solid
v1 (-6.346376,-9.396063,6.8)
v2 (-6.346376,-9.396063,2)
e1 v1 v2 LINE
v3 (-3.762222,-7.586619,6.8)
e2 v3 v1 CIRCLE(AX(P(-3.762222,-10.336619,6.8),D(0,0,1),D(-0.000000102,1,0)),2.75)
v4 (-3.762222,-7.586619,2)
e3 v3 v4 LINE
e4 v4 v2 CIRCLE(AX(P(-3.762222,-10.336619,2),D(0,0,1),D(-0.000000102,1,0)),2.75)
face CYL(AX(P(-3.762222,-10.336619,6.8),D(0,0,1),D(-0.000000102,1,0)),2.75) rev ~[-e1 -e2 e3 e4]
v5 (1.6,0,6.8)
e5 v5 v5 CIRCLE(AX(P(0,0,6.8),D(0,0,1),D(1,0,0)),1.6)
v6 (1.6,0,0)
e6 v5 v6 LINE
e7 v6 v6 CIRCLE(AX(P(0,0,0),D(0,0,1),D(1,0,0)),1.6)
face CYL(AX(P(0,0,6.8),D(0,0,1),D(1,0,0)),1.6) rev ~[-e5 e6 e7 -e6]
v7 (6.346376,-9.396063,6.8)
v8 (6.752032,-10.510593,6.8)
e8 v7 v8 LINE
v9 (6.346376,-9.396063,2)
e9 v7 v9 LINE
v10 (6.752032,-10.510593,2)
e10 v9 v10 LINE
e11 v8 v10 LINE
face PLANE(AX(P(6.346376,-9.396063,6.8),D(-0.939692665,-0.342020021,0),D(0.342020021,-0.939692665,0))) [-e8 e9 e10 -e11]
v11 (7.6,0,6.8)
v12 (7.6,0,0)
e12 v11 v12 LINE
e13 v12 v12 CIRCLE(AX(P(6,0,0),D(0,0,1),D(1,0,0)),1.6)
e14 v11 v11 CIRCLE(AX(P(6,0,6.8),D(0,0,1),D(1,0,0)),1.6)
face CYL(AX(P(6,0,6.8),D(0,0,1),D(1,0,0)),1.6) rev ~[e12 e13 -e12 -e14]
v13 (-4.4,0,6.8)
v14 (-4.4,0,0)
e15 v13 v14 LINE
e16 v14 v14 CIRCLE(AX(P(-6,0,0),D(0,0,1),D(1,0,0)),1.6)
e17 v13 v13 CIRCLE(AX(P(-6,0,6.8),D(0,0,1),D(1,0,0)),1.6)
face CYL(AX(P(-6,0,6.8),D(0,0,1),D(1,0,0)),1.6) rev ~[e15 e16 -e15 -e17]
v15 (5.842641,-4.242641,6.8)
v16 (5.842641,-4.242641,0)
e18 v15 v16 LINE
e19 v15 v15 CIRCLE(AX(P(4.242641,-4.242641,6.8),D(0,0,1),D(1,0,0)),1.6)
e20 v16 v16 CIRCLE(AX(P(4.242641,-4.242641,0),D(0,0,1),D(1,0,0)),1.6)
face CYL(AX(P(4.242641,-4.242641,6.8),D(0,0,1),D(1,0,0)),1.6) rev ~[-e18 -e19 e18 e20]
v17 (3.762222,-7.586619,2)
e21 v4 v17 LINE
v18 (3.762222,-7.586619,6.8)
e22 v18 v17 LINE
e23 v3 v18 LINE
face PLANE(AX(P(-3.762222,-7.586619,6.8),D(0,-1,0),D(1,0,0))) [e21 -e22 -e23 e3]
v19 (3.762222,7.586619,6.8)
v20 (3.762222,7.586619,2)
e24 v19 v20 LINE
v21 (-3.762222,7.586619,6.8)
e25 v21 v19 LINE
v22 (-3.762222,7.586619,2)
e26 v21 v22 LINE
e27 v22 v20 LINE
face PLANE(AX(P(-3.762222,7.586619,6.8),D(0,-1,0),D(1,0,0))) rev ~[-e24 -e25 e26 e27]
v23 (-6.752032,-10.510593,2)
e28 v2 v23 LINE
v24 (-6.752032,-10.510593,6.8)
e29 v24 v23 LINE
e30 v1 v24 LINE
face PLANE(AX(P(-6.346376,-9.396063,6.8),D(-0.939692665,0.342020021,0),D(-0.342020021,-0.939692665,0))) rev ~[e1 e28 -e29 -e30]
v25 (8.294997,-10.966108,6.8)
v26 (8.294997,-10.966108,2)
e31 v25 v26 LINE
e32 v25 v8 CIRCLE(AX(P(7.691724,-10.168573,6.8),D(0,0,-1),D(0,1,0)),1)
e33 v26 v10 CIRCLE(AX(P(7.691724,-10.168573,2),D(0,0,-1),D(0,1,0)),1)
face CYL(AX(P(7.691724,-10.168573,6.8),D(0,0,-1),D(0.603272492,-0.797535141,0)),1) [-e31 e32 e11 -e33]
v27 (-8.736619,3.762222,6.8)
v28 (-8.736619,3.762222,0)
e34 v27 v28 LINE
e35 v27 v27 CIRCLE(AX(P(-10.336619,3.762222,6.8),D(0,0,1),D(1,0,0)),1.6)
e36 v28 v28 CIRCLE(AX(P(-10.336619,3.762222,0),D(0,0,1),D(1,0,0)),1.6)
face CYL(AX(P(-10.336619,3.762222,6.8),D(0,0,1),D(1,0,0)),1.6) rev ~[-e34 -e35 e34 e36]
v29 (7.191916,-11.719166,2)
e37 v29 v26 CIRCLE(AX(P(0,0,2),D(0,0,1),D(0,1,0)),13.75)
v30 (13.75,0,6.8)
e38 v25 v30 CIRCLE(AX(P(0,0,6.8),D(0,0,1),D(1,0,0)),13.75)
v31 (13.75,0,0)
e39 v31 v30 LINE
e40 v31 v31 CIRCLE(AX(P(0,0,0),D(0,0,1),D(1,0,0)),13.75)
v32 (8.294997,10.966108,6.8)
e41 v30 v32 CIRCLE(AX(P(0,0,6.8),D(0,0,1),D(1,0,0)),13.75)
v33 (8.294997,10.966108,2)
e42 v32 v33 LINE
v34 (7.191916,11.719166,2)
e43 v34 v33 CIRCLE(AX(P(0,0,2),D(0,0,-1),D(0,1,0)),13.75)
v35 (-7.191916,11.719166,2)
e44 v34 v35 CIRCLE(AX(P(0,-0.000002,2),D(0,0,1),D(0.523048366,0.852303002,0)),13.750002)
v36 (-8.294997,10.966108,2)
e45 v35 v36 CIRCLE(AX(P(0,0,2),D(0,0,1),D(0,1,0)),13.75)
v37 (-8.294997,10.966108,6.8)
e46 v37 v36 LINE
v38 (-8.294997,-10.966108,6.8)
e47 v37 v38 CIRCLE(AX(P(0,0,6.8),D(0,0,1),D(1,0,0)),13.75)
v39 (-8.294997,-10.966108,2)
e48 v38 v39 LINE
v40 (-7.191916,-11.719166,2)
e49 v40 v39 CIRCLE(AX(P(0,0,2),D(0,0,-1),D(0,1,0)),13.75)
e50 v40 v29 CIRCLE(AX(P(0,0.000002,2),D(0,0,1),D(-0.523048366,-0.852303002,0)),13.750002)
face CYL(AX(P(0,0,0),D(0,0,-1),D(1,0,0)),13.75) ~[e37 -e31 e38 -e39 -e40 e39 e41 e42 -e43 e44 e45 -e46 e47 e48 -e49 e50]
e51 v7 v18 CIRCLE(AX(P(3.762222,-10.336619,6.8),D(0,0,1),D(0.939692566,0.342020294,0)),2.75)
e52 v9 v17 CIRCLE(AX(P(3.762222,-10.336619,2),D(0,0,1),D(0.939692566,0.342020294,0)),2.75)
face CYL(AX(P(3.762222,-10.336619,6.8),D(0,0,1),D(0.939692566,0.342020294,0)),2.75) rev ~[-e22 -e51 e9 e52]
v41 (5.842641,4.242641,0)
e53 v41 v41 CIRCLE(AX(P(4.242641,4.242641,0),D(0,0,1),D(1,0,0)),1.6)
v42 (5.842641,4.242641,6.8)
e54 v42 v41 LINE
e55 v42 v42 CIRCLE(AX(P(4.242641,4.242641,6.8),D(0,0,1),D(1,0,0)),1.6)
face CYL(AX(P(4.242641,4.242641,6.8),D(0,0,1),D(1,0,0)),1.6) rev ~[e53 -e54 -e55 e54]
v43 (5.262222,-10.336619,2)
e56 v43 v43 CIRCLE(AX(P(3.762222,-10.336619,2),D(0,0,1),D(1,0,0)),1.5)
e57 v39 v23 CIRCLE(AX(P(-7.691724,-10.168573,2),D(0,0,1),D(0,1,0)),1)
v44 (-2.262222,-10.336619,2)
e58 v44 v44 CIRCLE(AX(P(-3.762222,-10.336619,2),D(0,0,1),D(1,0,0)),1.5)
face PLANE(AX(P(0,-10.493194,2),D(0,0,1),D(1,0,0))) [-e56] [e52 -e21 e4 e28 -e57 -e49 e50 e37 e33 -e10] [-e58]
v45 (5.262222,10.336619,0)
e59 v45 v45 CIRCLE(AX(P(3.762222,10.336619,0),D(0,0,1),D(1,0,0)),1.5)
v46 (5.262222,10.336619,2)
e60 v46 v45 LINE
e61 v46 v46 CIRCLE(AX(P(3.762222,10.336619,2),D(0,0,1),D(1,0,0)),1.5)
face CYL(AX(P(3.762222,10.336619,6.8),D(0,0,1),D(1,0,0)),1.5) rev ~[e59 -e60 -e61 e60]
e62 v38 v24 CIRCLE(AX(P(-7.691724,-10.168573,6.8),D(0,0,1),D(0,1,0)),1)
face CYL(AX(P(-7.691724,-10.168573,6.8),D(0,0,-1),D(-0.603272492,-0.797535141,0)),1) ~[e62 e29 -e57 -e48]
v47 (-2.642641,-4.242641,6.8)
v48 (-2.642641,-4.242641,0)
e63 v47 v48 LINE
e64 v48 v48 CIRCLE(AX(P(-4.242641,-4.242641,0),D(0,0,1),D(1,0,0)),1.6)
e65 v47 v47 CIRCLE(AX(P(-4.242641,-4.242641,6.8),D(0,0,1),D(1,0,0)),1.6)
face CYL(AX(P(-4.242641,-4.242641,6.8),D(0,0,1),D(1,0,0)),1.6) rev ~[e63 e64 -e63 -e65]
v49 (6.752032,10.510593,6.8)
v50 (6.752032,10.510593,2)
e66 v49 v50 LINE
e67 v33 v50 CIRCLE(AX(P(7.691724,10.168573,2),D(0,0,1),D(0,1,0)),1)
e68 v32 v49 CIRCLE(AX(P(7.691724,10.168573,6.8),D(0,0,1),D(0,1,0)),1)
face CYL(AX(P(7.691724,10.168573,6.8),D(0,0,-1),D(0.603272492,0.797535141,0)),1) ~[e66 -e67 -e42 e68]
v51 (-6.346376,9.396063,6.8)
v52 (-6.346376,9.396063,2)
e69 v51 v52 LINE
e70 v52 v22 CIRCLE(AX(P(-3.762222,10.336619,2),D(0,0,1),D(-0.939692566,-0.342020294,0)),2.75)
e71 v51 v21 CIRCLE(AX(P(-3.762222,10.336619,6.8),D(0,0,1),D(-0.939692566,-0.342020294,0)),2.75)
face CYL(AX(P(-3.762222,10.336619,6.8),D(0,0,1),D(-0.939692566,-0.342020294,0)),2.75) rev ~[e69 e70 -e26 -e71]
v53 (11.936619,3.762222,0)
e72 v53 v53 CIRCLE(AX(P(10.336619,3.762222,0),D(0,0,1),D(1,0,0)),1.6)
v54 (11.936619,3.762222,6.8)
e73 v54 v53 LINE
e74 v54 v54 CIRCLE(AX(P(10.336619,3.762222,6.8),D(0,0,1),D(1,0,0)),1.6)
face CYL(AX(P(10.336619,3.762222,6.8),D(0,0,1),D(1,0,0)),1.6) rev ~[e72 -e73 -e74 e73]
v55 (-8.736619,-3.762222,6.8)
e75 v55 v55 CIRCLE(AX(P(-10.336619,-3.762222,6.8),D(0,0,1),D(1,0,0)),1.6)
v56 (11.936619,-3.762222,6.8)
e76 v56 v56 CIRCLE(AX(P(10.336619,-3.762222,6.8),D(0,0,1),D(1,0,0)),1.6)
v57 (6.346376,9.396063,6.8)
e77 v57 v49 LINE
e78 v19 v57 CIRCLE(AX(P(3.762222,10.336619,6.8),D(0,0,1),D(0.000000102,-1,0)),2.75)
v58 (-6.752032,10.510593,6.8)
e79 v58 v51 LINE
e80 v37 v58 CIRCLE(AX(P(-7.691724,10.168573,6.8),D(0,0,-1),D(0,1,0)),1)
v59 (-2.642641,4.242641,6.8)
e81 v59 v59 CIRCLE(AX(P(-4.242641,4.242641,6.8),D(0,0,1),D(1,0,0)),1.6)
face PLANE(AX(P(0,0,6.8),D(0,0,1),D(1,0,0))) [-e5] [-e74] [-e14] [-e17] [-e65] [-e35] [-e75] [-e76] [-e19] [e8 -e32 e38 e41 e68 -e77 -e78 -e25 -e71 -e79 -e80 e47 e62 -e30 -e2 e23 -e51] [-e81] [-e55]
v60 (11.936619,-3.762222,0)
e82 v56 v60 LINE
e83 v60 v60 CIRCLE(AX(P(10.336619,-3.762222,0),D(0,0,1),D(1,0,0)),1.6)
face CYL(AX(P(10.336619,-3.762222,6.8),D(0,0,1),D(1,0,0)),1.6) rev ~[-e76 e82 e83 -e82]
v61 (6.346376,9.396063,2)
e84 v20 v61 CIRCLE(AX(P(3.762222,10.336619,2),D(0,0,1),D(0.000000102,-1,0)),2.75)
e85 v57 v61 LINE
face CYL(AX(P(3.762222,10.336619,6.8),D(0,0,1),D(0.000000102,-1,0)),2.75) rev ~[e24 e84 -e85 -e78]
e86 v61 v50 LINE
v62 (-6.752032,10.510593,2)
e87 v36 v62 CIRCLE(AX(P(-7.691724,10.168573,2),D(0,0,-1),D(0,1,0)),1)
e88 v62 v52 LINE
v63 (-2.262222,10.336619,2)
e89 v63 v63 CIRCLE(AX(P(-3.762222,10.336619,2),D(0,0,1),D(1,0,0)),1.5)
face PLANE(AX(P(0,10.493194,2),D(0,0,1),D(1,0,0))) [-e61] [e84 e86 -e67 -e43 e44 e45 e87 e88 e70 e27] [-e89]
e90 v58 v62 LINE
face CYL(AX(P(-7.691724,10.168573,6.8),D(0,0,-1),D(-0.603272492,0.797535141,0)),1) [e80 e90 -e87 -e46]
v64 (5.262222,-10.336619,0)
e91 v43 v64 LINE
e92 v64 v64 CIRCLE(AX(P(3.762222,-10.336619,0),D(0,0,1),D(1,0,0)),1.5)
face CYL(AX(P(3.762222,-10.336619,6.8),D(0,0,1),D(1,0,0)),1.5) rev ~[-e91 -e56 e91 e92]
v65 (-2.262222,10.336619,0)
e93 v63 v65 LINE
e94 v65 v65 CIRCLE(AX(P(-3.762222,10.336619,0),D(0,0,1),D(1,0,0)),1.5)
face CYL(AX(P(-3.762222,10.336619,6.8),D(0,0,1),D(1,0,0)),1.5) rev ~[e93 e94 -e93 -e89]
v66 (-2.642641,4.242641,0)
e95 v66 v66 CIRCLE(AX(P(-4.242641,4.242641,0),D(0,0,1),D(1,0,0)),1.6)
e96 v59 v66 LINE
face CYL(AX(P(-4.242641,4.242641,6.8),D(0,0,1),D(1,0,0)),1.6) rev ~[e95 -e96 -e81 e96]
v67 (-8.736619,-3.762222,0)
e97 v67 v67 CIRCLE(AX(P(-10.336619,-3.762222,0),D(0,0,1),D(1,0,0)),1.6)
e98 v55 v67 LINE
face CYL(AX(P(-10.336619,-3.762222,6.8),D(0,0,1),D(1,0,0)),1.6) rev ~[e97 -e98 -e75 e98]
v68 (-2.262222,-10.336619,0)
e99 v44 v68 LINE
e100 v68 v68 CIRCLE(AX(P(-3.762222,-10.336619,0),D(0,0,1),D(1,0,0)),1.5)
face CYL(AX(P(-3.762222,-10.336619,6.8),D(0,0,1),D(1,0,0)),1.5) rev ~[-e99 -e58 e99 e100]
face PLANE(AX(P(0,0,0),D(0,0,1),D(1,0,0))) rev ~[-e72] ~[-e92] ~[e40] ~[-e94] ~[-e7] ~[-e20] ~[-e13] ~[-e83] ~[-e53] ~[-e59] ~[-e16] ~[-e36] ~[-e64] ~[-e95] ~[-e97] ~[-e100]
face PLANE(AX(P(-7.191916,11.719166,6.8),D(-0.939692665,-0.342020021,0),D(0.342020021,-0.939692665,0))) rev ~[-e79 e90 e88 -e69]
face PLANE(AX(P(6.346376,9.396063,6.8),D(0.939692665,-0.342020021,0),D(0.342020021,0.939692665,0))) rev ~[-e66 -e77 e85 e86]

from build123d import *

# Parameters (mm, degrees)
SKETCH_R        = 13.75
PAD_DEPTH       = 6.8
POCKET_DEPTH    = 4.8
SKETCH002_R     = 1.6
SKETCH002_R_2   = 1.5
POCKET001_DEPTH = 6.801
FILLET_R        = 1


with BuildPart() as part:
    # Sketch → Pad (new body)
    with BuildSketch(Plane.XY):
        Circle(SKETCH_R)
    extrude(amount=PAD_DEPTH)

    # Sketch001 (on Face3 of Pad) → Pocket (cut)
    with BuildSketch(Plane.XY.offset(6.8)):
        with BuildLine():
            ThreePointArc((-6.346376, 9.396063), (-5.339557, 8.083951), (-3.762222, 7.586619))
            Line((-3.762222, 7.586619), (3.762222, 7.586619))
            ThreePointArc((3.762222, 7.586619), (5.339557, 8.083951), (6.346376, 9.396063))
            Line((6.346376, 9.396063), (7.191916, 11.719166))
            ThreePointArc((7.191916, 11.719166), (0, 13.75), (-7.191916, 11.719166))
            Line((-7.191916, 11.719166), (-6.346376, 9.396063))
        make_face()
        with BuildLine():
            Line((-6.346376, -9.396063), (-7.191916, -11.719166))
            ThreePointArc((-7.191916, -11.719166), (0, -13.75), (7.191916, -11.719166))
            Line((6.346376, -9.396063), (7.191916, -11.719166))
            ThreePointArc((6.346376, -9.396063), (5.339557, -8.083951), (3.762222, -7.586619))
            Line((-3.762222, -7.586619), (3.762222, -7.586619))
            ThreePointArc((-3.762222, -7.586619), (-5.339557, -8.083951), (-6.346376, -9.396063))
        make_face()
    extrude(amount=-POCKET_DEPTH, mode=Mode.SUBTRACT)

    # Sketch002 (on Face3 of Pocket) → Pocket001 (cut, through all)
    with BuildSketch(Plane.XY.offset(6.8)):
        with Locations((-10.336619, 3.762222)):
            Circle(SKETCH002_R)
        with Locations((10.336619, 3.762222)):
            Circle(SKETCH002_R)
        with Locations((10.336619, -3.762222)):
            Circle(SKETCH002_R)
        with Locations((-10.336619, -3.762222)):
            Circle(SKETCH002_R)
        with Locations((3.762222, 10.336619)):
            Circle(SKETCH002_R_2)
        with Locations((-3.762222, 10.336619)):
            Circle(SKETCH002_R_2)
        with Locations((-3.762222, -10.336619)):
            Circle(SKETCH002_R_2)
        with Locations((3.762222, -10.336619)):
            Circle(SKETCH002_R_2)
        Circle(SKETCH002_R)
        with Locations((-4.242641, 4.242641)):
            Circle(SKETCH002_R)
        with Locations((4.242641, 4.242641)):
            Circle(SKETCH002_R)
        with Locations((4.242641, -4.242641)):
            Circle(SKETCH002_R)
        with Locations((-4.242641, -4.242641)):
            Circle(SKETCH002_R)
        with Locations((-6, 0)):
            Circle(SKETCH002_R)
        with Locations((6, 0)):
            Circle(SKETCH002_R)
    extrude(amount=-POCKET001_DEPTH, mode=Mode.SUBTRACT)

    # Fillet
    fillet_edges = [part.edges().sort_by_distance(p)[0] for p in [
        (-7.191916, -11.719166, 4.4),
        (7.191916, -11.719166, 4.4),
        (7.191916, 11.719166, 4.4),
        (-7.191916, 11.719166, 4.4),
    ]]
    fillet(fillet_edges, radius=FILLET_R)


solid = part.part
